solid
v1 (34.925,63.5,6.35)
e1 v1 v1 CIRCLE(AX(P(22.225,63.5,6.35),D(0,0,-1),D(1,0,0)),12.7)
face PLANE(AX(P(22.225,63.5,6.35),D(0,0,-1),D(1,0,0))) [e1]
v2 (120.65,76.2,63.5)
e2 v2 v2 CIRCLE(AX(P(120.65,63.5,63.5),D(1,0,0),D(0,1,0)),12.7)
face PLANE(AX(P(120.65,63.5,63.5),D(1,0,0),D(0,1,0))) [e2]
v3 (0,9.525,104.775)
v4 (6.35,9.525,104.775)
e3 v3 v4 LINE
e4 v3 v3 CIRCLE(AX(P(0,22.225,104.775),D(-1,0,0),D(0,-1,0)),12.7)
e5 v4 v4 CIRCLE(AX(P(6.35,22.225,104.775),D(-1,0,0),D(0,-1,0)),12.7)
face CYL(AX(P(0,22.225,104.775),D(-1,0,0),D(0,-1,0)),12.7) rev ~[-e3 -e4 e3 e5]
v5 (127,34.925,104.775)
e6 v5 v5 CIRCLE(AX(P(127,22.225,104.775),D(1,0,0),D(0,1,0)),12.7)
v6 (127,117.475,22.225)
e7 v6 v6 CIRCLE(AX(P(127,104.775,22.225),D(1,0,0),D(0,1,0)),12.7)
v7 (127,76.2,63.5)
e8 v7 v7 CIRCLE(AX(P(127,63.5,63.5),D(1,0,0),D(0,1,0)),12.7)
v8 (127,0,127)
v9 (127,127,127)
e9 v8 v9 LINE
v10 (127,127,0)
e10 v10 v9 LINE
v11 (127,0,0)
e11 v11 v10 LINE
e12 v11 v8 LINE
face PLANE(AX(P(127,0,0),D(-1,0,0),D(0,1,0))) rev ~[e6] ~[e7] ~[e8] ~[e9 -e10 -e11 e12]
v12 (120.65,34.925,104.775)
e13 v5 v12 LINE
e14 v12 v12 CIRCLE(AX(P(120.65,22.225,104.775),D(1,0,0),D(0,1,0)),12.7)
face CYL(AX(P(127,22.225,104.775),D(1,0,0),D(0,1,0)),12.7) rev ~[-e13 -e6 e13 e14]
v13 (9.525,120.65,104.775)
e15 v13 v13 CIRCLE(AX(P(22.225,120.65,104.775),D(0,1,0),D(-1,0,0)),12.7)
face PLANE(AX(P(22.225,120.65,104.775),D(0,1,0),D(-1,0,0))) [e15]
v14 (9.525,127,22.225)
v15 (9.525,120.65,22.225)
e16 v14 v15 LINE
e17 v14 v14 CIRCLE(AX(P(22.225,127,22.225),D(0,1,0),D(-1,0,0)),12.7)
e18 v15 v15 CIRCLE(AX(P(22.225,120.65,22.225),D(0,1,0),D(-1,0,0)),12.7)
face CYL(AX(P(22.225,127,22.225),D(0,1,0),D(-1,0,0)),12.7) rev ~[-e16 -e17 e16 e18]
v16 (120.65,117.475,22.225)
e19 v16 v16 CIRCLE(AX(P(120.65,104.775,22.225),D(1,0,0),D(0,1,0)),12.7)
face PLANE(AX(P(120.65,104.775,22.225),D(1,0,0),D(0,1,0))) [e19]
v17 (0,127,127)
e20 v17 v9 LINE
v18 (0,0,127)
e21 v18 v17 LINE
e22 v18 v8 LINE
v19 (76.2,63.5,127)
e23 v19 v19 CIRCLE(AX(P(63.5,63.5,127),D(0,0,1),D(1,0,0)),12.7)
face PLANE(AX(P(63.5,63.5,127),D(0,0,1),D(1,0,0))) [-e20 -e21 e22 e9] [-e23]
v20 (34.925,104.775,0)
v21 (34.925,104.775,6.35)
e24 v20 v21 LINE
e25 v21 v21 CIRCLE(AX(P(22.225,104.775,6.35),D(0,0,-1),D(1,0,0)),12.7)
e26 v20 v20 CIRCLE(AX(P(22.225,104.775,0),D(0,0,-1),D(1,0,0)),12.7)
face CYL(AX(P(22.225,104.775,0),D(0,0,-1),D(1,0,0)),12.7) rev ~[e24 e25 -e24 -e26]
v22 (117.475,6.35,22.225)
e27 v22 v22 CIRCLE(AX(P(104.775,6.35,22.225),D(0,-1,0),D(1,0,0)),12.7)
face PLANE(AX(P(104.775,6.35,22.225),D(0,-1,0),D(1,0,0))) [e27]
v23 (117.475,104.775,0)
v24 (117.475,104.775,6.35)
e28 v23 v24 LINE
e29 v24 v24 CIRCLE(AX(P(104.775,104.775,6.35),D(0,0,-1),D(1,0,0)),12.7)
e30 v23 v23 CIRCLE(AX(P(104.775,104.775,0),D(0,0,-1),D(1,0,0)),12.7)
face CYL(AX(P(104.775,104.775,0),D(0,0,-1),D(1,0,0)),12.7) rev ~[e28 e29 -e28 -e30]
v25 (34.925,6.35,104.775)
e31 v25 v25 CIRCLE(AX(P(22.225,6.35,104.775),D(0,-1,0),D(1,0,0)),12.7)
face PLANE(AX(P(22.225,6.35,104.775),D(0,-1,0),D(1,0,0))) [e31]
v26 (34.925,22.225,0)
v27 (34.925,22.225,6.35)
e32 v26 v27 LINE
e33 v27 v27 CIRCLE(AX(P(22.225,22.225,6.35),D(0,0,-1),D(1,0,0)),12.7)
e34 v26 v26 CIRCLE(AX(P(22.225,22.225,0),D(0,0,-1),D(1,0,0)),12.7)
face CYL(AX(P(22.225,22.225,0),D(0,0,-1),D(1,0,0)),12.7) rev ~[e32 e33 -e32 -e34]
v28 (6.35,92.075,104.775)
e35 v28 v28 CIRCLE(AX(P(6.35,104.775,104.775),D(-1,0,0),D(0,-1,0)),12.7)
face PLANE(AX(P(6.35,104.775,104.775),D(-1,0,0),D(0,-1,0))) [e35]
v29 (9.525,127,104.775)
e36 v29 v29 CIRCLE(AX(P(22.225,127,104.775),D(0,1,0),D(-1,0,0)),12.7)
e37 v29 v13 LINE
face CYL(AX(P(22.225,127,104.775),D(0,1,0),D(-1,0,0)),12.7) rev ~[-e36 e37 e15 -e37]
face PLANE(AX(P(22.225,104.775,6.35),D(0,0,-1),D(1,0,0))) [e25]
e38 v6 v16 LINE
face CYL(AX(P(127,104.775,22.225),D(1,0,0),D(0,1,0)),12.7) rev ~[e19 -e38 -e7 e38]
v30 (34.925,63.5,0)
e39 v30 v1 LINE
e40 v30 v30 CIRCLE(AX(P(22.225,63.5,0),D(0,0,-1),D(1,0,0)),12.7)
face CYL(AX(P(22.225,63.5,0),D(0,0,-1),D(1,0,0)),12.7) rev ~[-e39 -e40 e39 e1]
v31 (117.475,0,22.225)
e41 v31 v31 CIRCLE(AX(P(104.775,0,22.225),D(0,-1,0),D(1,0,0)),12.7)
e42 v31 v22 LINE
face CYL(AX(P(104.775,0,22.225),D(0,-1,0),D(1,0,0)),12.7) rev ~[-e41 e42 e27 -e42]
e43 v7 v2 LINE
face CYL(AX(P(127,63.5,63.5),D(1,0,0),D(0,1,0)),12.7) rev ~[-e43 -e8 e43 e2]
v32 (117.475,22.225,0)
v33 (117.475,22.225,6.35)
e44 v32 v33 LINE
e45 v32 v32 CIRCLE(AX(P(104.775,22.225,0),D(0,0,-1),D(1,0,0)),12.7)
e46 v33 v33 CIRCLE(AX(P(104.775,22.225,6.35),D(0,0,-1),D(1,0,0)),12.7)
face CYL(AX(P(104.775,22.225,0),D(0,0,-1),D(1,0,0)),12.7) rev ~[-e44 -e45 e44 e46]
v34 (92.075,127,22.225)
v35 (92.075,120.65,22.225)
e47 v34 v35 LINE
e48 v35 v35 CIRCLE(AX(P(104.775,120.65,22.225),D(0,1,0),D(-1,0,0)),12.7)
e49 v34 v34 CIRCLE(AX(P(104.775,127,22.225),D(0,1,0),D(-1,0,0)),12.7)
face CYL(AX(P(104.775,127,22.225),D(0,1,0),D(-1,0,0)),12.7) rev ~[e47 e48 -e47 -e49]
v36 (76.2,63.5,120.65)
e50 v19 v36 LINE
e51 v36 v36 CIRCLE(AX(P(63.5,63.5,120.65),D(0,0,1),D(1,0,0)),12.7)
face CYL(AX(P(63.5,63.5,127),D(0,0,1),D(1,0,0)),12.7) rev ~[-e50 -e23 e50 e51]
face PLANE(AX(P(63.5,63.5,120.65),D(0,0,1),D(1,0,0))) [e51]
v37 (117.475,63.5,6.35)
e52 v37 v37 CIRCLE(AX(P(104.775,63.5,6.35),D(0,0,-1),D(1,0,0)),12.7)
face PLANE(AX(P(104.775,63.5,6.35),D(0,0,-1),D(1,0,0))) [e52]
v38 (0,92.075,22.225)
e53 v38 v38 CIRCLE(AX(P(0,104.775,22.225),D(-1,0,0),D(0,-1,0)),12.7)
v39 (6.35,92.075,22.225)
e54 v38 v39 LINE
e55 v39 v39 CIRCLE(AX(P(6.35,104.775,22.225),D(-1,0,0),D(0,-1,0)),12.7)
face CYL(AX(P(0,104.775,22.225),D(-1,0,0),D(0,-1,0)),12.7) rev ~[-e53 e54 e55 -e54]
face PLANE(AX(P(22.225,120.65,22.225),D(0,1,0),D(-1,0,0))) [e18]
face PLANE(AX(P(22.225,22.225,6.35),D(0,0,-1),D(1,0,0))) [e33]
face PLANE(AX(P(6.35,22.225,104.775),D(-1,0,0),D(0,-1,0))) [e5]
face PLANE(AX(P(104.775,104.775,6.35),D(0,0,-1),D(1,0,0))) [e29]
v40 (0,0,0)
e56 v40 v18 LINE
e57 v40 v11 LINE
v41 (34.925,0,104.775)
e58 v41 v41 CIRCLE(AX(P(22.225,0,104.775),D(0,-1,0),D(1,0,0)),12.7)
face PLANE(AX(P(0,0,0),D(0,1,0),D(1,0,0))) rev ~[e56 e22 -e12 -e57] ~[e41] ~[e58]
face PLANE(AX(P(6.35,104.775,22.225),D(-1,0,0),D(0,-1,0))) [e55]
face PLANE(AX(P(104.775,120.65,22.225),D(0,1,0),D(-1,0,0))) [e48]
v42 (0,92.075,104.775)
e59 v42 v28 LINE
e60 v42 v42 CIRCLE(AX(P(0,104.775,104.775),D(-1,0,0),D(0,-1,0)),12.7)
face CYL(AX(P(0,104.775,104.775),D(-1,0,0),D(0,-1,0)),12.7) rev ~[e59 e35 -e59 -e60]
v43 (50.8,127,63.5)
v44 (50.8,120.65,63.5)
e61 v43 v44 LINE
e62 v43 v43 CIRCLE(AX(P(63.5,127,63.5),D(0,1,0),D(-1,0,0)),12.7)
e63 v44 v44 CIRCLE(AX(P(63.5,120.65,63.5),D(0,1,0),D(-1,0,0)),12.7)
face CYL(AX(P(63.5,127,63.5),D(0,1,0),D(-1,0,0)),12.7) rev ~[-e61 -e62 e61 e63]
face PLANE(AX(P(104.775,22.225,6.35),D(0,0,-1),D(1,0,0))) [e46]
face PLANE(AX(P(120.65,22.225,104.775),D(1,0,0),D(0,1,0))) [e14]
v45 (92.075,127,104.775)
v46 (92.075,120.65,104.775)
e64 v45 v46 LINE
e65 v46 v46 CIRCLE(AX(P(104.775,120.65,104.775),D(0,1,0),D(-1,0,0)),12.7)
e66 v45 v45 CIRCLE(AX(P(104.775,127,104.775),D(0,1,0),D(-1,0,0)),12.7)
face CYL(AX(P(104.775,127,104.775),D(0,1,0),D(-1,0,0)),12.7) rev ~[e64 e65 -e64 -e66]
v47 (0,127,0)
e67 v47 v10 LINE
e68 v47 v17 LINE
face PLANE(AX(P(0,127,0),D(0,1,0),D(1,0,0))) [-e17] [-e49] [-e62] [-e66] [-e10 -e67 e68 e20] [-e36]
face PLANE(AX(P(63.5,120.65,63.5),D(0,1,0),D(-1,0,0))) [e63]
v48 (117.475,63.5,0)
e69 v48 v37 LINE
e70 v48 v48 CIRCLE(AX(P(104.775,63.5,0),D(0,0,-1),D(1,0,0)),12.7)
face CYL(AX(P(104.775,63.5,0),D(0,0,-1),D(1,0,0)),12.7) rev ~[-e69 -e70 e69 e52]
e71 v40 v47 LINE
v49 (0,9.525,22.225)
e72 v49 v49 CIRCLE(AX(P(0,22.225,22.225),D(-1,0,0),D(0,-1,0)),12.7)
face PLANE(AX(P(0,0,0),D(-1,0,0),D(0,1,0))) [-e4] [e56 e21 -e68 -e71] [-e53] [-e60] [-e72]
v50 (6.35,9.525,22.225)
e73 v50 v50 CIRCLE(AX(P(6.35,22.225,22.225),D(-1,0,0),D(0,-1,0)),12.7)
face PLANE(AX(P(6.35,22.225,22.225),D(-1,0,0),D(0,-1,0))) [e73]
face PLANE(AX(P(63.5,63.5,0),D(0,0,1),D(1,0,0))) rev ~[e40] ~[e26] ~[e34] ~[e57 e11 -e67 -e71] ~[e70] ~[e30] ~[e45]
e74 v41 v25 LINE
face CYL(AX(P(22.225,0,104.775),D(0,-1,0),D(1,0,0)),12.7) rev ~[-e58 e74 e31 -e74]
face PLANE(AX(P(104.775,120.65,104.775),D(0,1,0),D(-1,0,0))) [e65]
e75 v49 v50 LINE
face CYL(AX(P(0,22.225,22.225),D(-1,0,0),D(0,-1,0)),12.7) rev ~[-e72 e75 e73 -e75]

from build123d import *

# Parameters (mm, degrees)
F0_W      = 127
F0_H      = 127
F1_DEPTH  = 127
F2_R      = 12.7
F3_DEPTH  = 6.35
F4_R      = 12.7
F5_DEPTH  = 6.35
F6_R      = 12.7
F7_DEPTH  = 6.35
F8_R      = 12.7
F9_DEPTH  = 6.35
F10_DEPTH = 6.35
F11_R     = 12.7
F12_DEPTH = 6.35
F13_R     = 12.7
F14_DEPTH = 6.35
F15_R     = 12.7
F16_DEPTH = 6.35


with BuildPart() as f1:
    # F0 (on Top) → F1 (new body)
    with BuildSketch(Plane.XY):
        with Locations((63.5, 63.5)):
            Rectangle(F0_W, F0_H)
    extrude(amount=F1_DEPTH)

    # F2 (on face) → F3 (cut)
    with BuildSketch(Plane.XY.offset(127)):
        with Locations((63.5, 63.5)):
            Circle(F2_R)
    extrude(amount=-F3_DEPTH, mode=Mode.SUBTRACT)

    # F4 (on face) → F5 (cut)
    with BuildSketch(Plane.XZ):
        with Locations((104.775, 22.225)):
            Circle(F4_R)
    extrude(amount=-F5_DEPTH, mode=Mode.SUBTRACT)

    # F6 (on face) → F7 (cut)
    with BuildSketch(Plane.XZ):
        with Locations((22.225, 104.775)):
            Circle(F6_R)
    extrude(amount=-F7_DEPTH, mode=Mode.SUBTRACT)

    # F8 (on face) → F9 (cut)
    with BuildSketch(Plane.YZ.offset(127)):
        with Locations((22.225, 104.775)):
            Circle(F8_R)
        with Locations((104.775, 22.225)):
            Circle(F8_R)
    extrude(amount=-F9_DEPTH, mode=Mode.SUBTRACT)

    # F8 (on face) → F10 (cut)
    with BuildSketch(Plane.YZ.offset(127)):
        with Locations((22.225, 104.775)):
            Circle(F8_R)
        with Locations((104.775, 22.225)):
            Circle(F8_R)
        with Locations((63.5, 63.5)):
            Circle(F8_R)
    extrude(amount=-F10_DEPTH, mode=Mode.SUBTRACT)

    # F11 (on face) → F12 (cut)
    with BuildSketch(Plane(origin=(0, 0, 0), x_dir=(0, -1, 0), z_dir=(-1, 0, 0))):
        with Locations((-22.225, 104.775)):
            Circle(F11_R)
        with Locations((-104.775, 104.775)):
            Circle(F11_R)
        with Locations((-104.775, 22.225)):
            Circle(F11_R)
        with Locations((-22.225, 22.225)):
            Circle(F11_R)
    extrude(amount=-F12_DEPTH, mode=Mode.SUBTRACT)

    # F13 (on face) → F14 (cut)
    with BuildSketch(Plane(origin=(0, 127, 0), x_dir=(-1, 0, 0), z_dir=(0, 1, 0))):
        with Locations((-104.775, 104.775)):
            Circle(F13_R)
        with Locations((-104.775, 22.225)):
            Circle(F13_R)
        with Locations((-22.225, 104.775)):
            Circle(F13_R)
        with Locations((-22.225, 22.225)):
            Circle(F13_R)
        with Locations((-63.5, 63.5)):
            Circle(F13_R)
    extrude(amount=-F14_DEPTH, mode=Mode.SUBTRACT)

    # F15 (on face) → F16 (cut)
    with BuildSketch(Plane(origin=(0, 0, 0), x_dir=(1, 0, 0), z_dir=(0, 0, -1))):
        with Locations((22.225, -22.225)):
            Circle(F15_R)
        with Locations((22.225, -63.5)):
            Circle(F15_R)
        with Locations((22.225, -104.775)):
            Circle(F15_R)
        with Locations((104.775, -22.225)):
            Circle(F15_R)
        with Locations((104.775, -63.5)):
            Circle(F15_R)
        with Locations((104.775, -104.775)):
            Circle(F15_R)
    extrude(amount=-F16_DEPTH, mode=Mode.SUBTRACT)


solid = f1.part
